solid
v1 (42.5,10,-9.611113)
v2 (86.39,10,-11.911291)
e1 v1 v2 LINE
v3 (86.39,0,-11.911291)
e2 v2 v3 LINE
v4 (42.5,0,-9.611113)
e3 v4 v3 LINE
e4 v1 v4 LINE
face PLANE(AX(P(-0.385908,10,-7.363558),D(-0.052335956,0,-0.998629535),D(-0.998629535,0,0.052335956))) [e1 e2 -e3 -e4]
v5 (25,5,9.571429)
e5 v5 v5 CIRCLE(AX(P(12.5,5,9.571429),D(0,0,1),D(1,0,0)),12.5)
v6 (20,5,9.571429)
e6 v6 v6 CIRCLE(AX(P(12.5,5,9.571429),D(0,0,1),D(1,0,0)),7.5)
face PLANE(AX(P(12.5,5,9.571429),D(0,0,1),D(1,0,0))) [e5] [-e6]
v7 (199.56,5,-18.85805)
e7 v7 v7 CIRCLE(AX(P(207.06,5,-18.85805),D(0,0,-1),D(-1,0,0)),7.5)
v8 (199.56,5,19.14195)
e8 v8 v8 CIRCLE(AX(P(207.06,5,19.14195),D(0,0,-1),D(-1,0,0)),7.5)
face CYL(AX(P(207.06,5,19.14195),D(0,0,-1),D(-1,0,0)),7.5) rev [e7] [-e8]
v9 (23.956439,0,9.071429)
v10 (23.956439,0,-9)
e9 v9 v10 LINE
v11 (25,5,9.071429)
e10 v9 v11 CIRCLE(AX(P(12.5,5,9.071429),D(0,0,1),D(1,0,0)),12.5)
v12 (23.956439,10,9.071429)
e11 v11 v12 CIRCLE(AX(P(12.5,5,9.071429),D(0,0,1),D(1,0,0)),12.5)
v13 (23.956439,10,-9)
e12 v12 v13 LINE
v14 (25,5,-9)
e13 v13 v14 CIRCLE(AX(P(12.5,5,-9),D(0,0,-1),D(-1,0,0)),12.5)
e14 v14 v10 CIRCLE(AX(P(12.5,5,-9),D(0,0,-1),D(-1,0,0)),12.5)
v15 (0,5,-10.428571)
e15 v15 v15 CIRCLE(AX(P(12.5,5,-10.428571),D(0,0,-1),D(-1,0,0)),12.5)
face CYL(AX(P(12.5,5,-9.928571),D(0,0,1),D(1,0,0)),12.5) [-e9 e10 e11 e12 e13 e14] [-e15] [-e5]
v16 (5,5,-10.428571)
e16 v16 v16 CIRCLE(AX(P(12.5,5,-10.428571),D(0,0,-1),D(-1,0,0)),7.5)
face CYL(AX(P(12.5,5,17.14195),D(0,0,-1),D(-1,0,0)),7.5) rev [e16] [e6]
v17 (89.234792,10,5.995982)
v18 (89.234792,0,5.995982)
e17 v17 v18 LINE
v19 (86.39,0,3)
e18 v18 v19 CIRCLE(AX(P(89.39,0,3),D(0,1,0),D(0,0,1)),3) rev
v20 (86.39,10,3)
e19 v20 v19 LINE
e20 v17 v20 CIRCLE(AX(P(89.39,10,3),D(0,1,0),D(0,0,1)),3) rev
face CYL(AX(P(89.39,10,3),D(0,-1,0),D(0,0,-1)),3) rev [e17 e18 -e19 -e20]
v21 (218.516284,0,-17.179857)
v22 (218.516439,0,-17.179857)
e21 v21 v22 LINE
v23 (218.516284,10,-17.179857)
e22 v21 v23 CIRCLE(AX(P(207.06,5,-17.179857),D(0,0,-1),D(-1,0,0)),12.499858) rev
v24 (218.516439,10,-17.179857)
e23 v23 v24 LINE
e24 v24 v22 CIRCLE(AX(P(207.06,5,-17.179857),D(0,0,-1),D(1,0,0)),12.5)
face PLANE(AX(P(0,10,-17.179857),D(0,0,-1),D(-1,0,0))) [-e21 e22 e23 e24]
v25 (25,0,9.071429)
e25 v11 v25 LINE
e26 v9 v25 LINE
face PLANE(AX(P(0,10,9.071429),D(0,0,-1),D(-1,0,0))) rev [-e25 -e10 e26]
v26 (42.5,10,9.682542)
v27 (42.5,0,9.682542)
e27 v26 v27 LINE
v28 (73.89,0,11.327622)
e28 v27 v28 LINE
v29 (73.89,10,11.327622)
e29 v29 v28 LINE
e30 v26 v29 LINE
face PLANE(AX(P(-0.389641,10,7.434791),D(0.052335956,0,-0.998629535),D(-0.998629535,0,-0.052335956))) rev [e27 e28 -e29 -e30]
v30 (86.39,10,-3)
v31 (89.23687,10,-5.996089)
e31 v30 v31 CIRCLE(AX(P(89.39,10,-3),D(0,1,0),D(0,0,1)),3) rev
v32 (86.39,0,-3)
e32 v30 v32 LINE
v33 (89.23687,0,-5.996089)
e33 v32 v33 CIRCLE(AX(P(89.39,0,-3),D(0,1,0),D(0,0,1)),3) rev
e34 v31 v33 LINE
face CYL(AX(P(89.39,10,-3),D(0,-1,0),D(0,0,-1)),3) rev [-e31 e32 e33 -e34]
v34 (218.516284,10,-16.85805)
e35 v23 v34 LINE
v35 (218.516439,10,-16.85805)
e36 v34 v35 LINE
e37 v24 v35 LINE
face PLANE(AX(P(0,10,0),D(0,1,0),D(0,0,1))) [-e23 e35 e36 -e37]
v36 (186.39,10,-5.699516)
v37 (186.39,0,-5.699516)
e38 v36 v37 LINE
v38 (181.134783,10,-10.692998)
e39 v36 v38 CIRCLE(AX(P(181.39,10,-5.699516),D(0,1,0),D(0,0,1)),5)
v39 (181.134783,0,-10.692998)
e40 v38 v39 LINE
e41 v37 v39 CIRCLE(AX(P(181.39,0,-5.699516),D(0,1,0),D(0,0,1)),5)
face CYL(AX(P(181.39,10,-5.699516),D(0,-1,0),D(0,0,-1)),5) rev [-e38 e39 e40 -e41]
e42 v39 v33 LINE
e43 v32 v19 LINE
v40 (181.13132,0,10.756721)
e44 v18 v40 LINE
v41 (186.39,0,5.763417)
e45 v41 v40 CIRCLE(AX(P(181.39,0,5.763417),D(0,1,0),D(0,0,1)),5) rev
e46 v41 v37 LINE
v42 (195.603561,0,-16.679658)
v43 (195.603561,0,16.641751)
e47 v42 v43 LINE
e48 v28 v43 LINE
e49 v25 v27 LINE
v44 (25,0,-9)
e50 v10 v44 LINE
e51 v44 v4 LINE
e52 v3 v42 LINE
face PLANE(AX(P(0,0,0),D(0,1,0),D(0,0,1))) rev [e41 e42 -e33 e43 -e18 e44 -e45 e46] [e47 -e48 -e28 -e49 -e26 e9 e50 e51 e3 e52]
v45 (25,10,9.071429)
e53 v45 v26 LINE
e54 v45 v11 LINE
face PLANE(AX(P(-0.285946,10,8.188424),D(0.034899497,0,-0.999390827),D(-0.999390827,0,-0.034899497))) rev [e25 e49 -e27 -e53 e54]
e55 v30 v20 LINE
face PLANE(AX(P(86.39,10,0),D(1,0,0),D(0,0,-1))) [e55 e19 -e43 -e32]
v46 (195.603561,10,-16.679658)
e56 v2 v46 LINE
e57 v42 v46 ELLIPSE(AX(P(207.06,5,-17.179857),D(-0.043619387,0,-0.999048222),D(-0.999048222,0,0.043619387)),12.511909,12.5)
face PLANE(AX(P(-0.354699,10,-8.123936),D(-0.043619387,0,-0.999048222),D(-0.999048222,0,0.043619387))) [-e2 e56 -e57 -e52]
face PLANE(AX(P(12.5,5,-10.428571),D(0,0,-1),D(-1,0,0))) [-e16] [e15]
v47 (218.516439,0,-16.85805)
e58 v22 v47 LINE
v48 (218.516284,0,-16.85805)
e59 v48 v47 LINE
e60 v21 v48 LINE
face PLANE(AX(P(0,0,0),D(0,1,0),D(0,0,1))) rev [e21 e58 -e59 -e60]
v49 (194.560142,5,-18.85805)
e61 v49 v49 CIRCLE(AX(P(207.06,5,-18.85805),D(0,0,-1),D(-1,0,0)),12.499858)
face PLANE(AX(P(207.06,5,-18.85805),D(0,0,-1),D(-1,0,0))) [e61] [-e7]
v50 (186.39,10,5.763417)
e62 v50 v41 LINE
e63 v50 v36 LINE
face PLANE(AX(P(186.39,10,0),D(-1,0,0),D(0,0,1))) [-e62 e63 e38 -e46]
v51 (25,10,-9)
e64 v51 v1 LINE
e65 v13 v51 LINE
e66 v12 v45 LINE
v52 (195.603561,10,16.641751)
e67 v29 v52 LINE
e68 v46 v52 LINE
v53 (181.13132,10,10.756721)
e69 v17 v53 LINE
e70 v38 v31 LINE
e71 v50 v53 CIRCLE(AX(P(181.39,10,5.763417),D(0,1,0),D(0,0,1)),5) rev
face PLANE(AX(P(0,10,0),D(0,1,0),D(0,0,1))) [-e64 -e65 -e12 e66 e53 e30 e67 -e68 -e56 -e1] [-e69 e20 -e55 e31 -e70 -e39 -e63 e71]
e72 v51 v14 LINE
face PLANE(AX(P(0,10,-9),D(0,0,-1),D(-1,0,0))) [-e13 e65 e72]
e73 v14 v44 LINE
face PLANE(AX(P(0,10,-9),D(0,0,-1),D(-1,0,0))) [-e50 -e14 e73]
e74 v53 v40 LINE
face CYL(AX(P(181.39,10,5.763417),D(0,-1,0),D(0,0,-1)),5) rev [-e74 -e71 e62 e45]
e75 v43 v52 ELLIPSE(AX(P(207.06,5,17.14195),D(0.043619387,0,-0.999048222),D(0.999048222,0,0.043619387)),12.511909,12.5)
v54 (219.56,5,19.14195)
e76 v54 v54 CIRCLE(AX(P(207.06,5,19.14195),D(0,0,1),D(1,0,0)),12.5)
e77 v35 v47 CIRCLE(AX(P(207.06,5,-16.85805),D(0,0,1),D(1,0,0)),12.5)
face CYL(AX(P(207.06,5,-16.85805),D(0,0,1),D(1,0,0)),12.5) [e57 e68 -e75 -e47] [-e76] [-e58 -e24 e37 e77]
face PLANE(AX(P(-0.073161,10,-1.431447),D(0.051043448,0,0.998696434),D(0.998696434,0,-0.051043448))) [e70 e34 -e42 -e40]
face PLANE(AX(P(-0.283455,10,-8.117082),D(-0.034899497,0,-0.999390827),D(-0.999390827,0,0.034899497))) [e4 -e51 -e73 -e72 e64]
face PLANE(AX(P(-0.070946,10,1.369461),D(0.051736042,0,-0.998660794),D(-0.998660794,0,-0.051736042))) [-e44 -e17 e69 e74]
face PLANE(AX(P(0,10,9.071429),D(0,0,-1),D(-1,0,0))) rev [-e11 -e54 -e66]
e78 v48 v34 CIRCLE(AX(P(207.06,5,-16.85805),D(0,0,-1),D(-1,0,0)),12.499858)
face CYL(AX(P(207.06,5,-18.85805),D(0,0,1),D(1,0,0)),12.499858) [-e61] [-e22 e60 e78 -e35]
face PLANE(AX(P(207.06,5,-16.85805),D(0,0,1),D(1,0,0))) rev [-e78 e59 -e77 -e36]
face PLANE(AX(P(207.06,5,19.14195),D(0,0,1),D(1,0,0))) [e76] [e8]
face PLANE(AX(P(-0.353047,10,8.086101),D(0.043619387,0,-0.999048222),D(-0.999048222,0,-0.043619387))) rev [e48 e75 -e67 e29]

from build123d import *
from build123d.topology import SkipClean

# Parameters (mm, degrees)
SKETCH1_W            = 12.5
SKETCH1_H            = 34.321806876
BOSS_EXTRUDE6_DEPTH  = 10
SKETCH12_R           = 12.5
BOSS_EXTRUDE7_DEPTH  = 19
SKETCH13_W           = 1.043560763
SKETCH13_H           = 10
CUT_EXTRUDE7_DEPTH   = 28
SKETCH14_R           = 12.5
BOSS_EXTRUDE8_DEPTH  = 19
BOSS_EXTRUDE9_START  = 0.5
SKETCH15_R           = 12.5
BOSS_EXTRUDE9_DEPTH  = 0.5
SKETCH16_R           = 12.5
BOSS_EXTRUDE10_DEPTH = 0.5
SKETCH17_R           = 7.5
CUT_EXTRUDE8_DEPTH   = 222.975172602
SKETCH18_R           = 12.5
BOSS_EXTRUDE12_DEPTH = 34
BOSS_EXTRUDE13_START = 2
SKETCH19_R           = 12.5
BOSS_EXTRUDE13_DEPTH = 2
CUT_EXTRUDE9_DEPTH   = 224.231084876
CUT_EXTRUDE10_DEPTH  = 224.231084876
SKETCH22_R           = 12.499858014
BOSS_EXTRUDE14_DEPTH = 2
SKETCH23_R           = 7.5
CUT_EXTRUDE11_DEPTH  = 224.510276274


with BuildPart() as part:
    # Sketch1 → Boss-Extrude6 (new body)
    # profile 1 of 4: a face of its own
    with BuildSketch(Plane(origin=(0, 0, 0), x_dir=(1, 0, 0), z_dir=(0, 1, 0))):
        Polygon((207.06, 17.17985688), (207.06, -17.141949996), (73.89, -11.327622229), (42.5, -9.682542038), (42.5, 9.611113466), (86.39, 11.911290899), align=None)
        with BuildLine():
            ThreePointArc((186.39, 5.699516226), (184.834119176, 9.324160084), (181.134782759, 10.692998393))
            Line((181.134782759, 10.692998393), (89.236869656, 5.996089301))
            ThreePointArc((89.236869656, 5.996089301), (87.215213685, 5.066471506), (86.39, 3))
            Line((86.39, 3), (86.39, 0))
            Line((86.39, 0), (86.39, -3))
            ThreePointArc((86.39, -3), (87.214497256, -5.065717263), (89.234791873, -5.995982383))
            Line((89.234791873, -5.995982383), (181.131319788, -10.756720653))
            ThreePointArc((181.131319788, -10.756720653), (184.832862104, -9.389254589), (186.39, -5.763416682))
            Line((186.39, -5.763416682), (186.39, 5.699516226))
        make_face(mode=Mode.SUBTRACT)
    # profile 2 of 4: a face of its own
    with BuildSketch(Plane(origin=(0, 0, 0), x_dir=(1, 0, 0), z_dir=(0, 1, 0))):
        Polygon((25, 9), (42.5, 9.611113466), (42.5, -9.682542038), (25, -9.071428571), align=None)
    # profile 3 of 4: a face of its own
    with BuildSketch(Plane(origin=(0, 0, 0), x_dir=(1, 0, 0), z_dir=(0, 1, 0))):
        Polygon((0, -9), (0, -9.071428571), (25, -9.071428571), (25, 9), (0, 9), (0, 0), align=None)
    # profile 4 of 4: a face of its own
    with BuildSketch(Plane(origin=(0, 0, 0), x_dir=(1, 0, 0), z_dir=(0, 1, 0))):
        with Locations((213.31, 0.018953442)):
            Rectangle(SKETCH1_W, SKETCH1_H)
    extrude(amount=BOSS_EXTRUDE6_DEPTH)

    # Sketch12 → Boss-Extrude7 (add)
    with BuildSketch(Plane.XY.offset(9.071428571)):
        with Locations((12.5, 5)):
            Circle(SKETCH12_R)
    extrude(amount=-BOSS_EXTRUDE7_DEPTH)

    # Sketch13 → Cut-Extrude7 (cut)
    with BuildSketch(Plane.XY.offset(9.071428571)):
        with Locations((0.521780382, 5)):
            Rectangle(SKETCH13_W, SKETCH13_H)
    extrude(amount=-CUT_EXTRUDE7_DEPTH, mode=Mode.SUBTRACT)

    # Sketch14 → Boss-Extrude8 (add)
    with BuildSketch(Plane.XY.offset(9.071428571)):
        with Locations((12.5, 5)):
            Circle(SKETCH14_R)
    extrude(amount=-BOSS_EXTRUDE8_DEPTH)

    # Sketch15 → Boss-Extrude9 (add)
    with BuildSketch(Plane.XY.offset(9.071428571).offset(BOSS_EXTRUDE9_START)):
        with Locations((12.5, 5)):
            Circle(SKETCH15_R)
    extrude(amount=-BOSS_EXTRUDE9_DEPTH)

    # Sketch16 → Boss-Extrude10 (add)
    with SkipClean():  # the faces are left unmerged after this step: merging them gives an invalid solid
        with BuildSketch(Plane(origin=(0, 0, -9.928571429), x_dir=(-1, 0, 0), z_dir=(0, 0, -1))):
            with Locations(Location((-12.5, 5, 0), (0, 0, 180))):
                Circle(SKETCH16_R)
        extrude(amount=BOSS_EXTRUDE10_DEPTH)

    # Sketch17 → Cut-Extrude8 (cut, through all)
    with SkipClean():  # the faces are left unmerged after this step: merging them gives an invalid solid
        with BuildSketch(Plane(origin=(0, 0, -10.428571429), x_dir=(-1, 0, 0), z_dir=(0, 0, -1))):
            with Locations((-12.5, 5)):
                Circle(SKETCH17_R)
        extrude(amount=-CUT_EXTRUDE8_DEPTH, mode=Mode.SUBTRACT)

    # Sketch18 → Boss-Extrude12 (add)
    with SkipClean():  # the faces are left unmerged after this step: merging them gives an invalid solid
        with BuildSketch(Plane.XY.offset(17.141949996)):
            with Locations((207.06, 5)):
                Circle(SKETCH18_R)
        extrude(amount=-BOSS_EXTRUDE12_DEPTH)

    # Sketch19 → Boss-Extrude13 (add)
    with SkipClean():  # the faces are left unmerged after this step: merging them gives an invalid solid
        with BuildSketch(Plane.XY.offset(17.141949996).offset(BOSS_EXTRUDE13_START)):
            with Locations((207.06, 5)):
                Circle(SKETCH19_R)
        extrude(amount=-BOSS_EXTRUDE13_DEPTH)

    # Sketch20 → Cut-Extrude9 (cut, through all)
    with SkipClean():  # the faces are left unmerged after this step: merging them gives an invalid solid
        with BuildSketch(Plane.XY.offset(19.141949996)):
            with BuildLine():
                Line((218.516439237, 10), (219.56, 10))
                Line((219.56, 10), (219.56, 5))
                ThreePointArc((219.56, 5), (219.296328912, 7.553870546), (218.516439237, 10))
            make_face()
        extrude(amount=-CUT_EXTRUDE9_DEPTH, mode=Mode.SUBTRACT)

    # Sketch21 → Cut-Extrude10 (cut, through all)
    with SkipClean():  # the faces are left unmerged after this step: merging them gives an invalid solid
        with BuildSketch(Plane.XY.offset(19.141949996)):
            with BuildLine():
                Line((218.516439237, 0), (219.56, 0))
                Line((219.56, 0), (219.56, 5))
                ThreePointArc((219.56, 5), (219.296328912, 2.446129454), (218.516439237, 0))
            make_face()
        extrude(amount=-CUT_EXTRUDE10_DEPTH, mode=Mode.SUBTRACT)

    # Sketch22 → Boss-Extrude14 (add)
    with SkipClean():  # the faces are left unmerged after this step: merging them gives an invalid solid
        with BuildSketch(Plane(origin=(0, 0, -16.858050004), x_dir=(-1, 0, 0), z_dir=(0, 0, -1))):
            with Locations(Location((-207.06, 5, 0), (0, 0, 203.578462521))):
                Circle(SKETCH22_R)
        extrude(amount=BOSS_EXTRUDE14_DEPTH)

    # Sketch23 → Cut-Extrude11 (cut, through all)
    with SkipClean():  # the faces are left unmerged after this step: merging them gives an invalid solid
        with BuildSketch(Plane(origin=(0, 0, -18.858050004), x_dir=(-1, 0, 0), z_dir=(0, 0, -1))):
            with Locations((-207.06, 5)):
                Circle(SKETCH23_R)
        extrude(amount=-CUT_EXTRUDE11_DEPTH, mode=Mode.SUBTRACT)


solid = part.part
